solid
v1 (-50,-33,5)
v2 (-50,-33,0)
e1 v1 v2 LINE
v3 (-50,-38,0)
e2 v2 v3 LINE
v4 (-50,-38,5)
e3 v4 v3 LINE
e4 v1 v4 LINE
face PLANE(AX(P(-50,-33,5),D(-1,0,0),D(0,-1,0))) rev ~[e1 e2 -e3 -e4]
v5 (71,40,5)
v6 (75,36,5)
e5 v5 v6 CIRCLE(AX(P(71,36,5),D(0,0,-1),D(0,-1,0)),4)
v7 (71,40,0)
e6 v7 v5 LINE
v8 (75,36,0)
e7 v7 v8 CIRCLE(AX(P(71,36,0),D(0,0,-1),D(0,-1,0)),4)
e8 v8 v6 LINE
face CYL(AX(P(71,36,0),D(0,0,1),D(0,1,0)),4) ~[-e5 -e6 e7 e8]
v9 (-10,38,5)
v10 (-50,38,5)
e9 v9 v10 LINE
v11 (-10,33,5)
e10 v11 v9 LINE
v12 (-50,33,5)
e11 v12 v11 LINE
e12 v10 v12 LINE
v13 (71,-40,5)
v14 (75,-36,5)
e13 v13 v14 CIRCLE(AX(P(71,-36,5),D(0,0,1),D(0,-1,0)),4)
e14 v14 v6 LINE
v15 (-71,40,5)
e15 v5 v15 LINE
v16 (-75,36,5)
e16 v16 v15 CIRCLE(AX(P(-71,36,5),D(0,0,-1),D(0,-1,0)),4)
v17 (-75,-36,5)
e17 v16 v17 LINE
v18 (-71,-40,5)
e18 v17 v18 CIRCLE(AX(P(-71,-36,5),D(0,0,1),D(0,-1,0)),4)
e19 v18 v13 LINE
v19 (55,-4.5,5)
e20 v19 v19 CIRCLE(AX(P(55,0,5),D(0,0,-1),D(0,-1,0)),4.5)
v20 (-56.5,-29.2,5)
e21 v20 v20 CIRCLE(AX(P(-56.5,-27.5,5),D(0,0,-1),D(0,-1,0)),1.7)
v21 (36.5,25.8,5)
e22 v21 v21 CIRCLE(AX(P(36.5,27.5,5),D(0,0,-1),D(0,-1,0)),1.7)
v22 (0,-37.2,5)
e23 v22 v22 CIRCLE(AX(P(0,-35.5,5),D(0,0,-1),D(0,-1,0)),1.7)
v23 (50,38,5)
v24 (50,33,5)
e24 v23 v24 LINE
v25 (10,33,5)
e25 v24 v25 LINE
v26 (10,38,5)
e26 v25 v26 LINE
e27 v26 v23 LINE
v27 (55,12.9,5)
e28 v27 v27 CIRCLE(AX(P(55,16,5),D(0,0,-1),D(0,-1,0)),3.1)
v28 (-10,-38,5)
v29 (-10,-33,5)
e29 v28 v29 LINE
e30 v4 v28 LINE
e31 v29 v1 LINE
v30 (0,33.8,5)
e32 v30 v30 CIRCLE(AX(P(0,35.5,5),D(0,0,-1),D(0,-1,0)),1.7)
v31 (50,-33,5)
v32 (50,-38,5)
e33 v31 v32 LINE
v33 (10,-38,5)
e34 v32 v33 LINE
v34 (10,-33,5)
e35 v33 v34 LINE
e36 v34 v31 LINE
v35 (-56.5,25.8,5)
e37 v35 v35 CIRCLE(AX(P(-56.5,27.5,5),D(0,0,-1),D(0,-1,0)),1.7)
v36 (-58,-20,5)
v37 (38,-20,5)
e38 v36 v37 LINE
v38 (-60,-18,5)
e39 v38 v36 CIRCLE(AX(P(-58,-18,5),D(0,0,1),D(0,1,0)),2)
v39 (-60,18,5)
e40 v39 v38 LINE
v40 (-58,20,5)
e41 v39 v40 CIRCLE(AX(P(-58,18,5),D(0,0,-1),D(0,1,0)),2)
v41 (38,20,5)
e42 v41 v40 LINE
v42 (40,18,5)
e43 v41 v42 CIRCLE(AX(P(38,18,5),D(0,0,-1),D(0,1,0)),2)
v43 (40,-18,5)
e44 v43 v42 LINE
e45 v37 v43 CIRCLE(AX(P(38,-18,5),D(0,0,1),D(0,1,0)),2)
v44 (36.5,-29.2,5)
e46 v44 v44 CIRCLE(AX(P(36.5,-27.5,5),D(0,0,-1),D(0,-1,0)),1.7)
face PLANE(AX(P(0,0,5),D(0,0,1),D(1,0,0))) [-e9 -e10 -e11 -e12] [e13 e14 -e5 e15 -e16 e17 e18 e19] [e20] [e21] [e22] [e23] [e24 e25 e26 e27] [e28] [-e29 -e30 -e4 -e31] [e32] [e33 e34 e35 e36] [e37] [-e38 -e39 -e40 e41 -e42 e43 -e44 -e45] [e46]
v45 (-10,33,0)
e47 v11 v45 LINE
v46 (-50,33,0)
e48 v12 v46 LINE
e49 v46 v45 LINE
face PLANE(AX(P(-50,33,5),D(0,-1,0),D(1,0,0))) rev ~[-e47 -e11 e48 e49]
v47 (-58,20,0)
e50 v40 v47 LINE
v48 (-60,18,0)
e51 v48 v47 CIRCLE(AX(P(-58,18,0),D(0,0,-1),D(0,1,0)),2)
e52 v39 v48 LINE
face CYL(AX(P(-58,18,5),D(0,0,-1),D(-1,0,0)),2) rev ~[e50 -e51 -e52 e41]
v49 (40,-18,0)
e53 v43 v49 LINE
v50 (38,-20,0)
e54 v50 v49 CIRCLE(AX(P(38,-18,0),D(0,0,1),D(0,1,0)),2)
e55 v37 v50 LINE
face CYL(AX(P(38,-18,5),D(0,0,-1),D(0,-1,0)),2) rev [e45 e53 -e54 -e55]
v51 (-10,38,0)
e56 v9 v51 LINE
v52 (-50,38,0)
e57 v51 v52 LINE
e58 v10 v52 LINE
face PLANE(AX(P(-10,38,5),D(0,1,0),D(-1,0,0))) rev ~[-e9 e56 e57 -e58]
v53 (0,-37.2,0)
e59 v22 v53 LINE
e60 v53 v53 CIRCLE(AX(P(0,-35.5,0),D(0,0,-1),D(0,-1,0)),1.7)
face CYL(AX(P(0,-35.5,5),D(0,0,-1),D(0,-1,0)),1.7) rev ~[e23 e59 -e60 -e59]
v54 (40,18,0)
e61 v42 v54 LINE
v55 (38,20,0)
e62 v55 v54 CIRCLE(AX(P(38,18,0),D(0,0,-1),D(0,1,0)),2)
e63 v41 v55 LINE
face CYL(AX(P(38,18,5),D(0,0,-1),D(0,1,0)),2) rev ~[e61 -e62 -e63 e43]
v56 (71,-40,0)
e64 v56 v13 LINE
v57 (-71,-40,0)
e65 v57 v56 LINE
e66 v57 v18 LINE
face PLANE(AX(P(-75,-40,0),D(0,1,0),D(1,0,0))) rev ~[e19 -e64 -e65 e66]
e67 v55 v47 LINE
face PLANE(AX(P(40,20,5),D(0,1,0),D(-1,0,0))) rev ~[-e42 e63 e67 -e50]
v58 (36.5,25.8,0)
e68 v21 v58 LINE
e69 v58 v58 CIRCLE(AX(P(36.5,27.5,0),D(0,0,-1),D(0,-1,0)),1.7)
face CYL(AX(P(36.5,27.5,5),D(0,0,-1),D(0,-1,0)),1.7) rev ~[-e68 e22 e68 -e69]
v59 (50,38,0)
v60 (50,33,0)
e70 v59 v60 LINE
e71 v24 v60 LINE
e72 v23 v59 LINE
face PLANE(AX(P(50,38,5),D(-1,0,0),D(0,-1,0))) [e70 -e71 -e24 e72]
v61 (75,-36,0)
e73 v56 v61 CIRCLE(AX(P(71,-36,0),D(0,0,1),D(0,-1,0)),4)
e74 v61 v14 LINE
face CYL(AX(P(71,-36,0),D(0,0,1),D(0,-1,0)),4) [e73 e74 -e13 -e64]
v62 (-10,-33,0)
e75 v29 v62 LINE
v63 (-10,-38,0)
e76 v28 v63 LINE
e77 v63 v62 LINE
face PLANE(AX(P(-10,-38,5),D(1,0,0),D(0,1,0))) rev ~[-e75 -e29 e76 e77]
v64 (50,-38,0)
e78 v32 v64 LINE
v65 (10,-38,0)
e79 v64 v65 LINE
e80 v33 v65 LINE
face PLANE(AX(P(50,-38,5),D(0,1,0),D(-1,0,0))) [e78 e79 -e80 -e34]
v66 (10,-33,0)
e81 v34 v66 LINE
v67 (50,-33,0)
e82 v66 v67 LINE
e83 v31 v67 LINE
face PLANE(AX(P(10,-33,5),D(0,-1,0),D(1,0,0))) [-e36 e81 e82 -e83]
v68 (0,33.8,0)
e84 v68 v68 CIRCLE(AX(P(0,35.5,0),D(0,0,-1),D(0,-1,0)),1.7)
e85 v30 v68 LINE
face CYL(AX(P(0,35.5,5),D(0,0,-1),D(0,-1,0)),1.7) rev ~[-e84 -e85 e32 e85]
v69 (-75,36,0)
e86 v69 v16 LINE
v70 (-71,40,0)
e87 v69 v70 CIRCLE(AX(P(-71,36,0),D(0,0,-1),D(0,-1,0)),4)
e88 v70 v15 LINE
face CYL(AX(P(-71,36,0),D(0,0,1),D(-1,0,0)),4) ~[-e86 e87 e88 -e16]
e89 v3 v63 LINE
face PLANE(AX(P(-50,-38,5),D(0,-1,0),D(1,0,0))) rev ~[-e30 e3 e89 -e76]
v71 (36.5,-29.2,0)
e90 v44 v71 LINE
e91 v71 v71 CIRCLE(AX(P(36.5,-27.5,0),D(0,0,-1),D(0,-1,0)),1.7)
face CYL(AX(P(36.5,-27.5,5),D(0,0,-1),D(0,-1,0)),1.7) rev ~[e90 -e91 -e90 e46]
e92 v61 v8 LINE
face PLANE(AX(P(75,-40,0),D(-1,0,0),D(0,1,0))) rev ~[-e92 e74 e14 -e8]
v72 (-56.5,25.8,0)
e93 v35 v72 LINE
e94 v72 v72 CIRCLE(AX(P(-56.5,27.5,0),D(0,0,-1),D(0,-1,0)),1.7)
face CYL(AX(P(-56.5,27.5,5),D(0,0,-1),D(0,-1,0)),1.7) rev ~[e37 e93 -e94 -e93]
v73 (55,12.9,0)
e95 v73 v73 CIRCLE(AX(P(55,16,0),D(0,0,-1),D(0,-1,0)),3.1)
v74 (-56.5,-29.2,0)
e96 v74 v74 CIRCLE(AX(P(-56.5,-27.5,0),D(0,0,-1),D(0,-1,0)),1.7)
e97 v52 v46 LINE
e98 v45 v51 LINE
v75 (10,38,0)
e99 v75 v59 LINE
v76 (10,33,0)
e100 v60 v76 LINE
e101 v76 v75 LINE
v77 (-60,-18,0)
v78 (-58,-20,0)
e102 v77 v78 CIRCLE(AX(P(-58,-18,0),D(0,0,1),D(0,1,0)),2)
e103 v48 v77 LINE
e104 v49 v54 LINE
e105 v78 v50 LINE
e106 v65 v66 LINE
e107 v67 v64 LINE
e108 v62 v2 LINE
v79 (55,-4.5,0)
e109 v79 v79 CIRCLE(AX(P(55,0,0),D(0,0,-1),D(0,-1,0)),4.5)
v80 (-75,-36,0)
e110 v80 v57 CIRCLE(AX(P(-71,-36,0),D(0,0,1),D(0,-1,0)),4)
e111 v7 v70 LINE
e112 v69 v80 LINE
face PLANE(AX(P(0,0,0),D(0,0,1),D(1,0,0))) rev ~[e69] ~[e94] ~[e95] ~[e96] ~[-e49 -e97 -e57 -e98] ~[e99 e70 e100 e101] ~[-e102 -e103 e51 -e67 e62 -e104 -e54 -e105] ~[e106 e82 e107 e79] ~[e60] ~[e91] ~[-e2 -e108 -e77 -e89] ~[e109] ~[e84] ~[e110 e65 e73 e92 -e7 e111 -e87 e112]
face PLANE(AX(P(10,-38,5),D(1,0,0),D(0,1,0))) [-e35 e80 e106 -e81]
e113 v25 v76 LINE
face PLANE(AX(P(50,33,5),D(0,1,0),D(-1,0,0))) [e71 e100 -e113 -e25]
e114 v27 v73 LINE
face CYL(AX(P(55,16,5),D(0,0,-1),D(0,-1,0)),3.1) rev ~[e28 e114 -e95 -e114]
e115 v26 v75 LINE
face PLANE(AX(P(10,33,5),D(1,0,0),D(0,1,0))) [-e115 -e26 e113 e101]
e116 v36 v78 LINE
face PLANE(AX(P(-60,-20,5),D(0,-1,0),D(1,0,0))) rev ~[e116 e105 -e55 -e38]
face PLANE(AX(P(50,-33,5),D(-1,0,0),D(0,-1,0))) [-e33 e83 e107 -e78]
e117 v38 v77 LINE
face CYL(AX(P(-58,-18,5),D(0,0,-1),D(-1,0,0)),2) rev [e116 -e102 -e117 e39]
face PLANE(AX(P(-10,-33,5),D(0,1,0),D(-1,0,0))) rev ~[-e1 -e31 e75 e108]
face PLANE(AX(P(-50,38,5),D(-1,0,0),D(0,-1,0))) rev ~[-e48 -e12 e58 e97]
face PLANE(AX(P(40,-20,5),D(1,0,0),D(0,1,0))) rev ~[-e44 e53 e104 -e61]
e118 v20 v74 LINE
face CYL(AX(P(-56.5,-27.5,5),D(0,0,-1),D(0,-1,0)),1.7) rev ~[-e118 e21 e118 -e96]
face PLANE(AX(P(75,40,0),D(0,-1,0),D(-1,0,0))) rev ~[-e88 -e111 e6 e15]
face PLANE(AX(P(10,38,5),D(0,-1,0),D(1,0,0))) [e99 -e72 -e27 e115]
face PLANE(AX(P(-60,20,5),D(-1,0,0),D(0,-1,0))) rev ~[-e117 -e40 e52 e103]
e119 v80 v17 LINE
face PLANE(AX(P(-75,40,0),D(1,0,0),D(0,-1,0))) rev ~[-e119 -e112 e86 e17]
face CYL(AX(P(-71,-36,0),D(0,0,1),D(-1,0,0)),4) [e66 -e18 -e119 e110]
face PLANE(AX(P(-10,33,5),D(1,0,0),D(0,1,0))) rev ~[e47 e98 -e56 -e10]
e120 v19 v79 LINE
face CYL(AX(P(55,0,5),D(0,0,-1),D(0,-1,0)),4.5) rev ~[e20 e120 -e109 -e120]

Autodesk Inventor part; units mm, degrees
ref_plane "YZ Plane" through (0, 0, 0) normal (1, 0, 0) x (0, 1, 0)
ref_plane "XZ Plane" through (0, 0, 0) normal (0, 1, 0) x (-1, 0, 0)
ref_plane "XY Plane" through (0, 0, 0) normal (0, 0, 1) x (1, 0, 0)
sketch "Sketch1" plane through (0, 0, 0) normal (0, 0, 1) x (1, 0, 0)
  line L0 (-75, -40) -> (75, -40)
  line L1 (75, -40) -> (75, 40)
  line L2 (75, 40) -> (-75, 40)
  line L3 (-75, 40) -> (-75, -40)
  line L4 (-75, -40) -> (75, 40) construction
  line L5 (75, -40) -> (-75, 40) construction
  point P0 (0, 0)
  dimension "d0" = 150
  dimension "d1" = 80
extrude "Extrusion1" add sketch "Sketch1" along normal blind 5
sketch "Sketch4" plane through (0, 0, 5) normal (0, 0, 1) x (1, 0, 0)
  line L0 (-60, -20) -> (40, -20)
  line L1 (40, -20) -> (40, 20)
  line L2 (40, 20) -> (-60, 20)
  line L3 (-60, 20) -> (-60, -20)
  line L4 (-60, -20) -> (40, 20) construction
  line L5 (40, -20) -> (-60, 20) construction
  point P0 (0, 0)
  point P1 (-10, 0)
  point P2 (-10, 0)
  dimension "d8" = 100
  dimension "d9" = 40
  dimension "d10" = 10
extrude "Extrusion3" cut sketch "Sketch4" against normal through all
sketch "Sketch5" plane through (0, 0, 5) normal (0, 0, 1) x (1, 0, 0)
  line L0 (40, 20) -> (40, -20) projected
  point P0 (0, 0)
  point P1 (55, 0)
  dimension "d13" = 15
hole "Hole1" at (55, 0, 5) direction (0, 0, -1) diameter 9 depth 8 tip angle 118 clearance for "Countersunk Flat Head Screw ISO 2009/7046" size "M8" standard "ISO"
sketch "Sketch6" plane through (0, 0, 5) normal (0, 0, 1) x (1, 0, 0)
  line L0 (-56.5, -27.5) -> (36.5, -27.5) construction
  line L1 (36.5, -27.5) -> (36.5, 27.5) construction
  line L2 (36.5, 27.5) -> (-56.5, 27.5) construction
  line L3 (-56.5, 27.5) -> (-56.5, -27.5) construction
  line L4 (-56.5, -27.5) -> (36.5, 27.5) construction
  line L5 (36.5, -27.5) -> (-56.5, 27.5) construction
  point P0 (0, 0)
  point P1 (-10, 0)
  point P2 (-10, 0)
  dimension "d21" = 93
  dimension "d22" = 55
  dimension "d23" = 10
hole "Hole2" at (-56.5, 27.5, 5) at (36.5, 27.5, 5) at (36.5, -27.5, 5) at (-56.5, -27.5, 5) direction (0, 0, -1) diameter 3.4 depth 8 tip angle 118 clearance for "Countersunk Flat Head Screw ISO 2009/7046" size "M3" standard "ISO"
fillet "Fillet1" radius 2 4 edges at (-60, 20, 2.5) (-60, -20, 2.5) (40, -20, 2.5) (40, 20, 2.5)
fillet "Fillet2" radius 4 4 edges at (75, 40, 2.5) (-75, 40, 2.5) (75, -40, 2.5) (-75, -40, 2.5)
sketch "Sketch7" plane through (0, 0, 5) normal (0, 0, 1) x (1, 0, 0)
  line L0 (-50, 33) -> (50, 33) construction
  line L1 (50, 33) -> (50, 38) construction
  line L2 (50, 38) -> (-50, 38) construction
  line L3 (-50, 38) -> (-50, 33) construction
  line L4 (50, -38) -> (-50, -38) construction
  line L5 (-50, -38) -> (-50, -33) construction
  line L6 (-50, -33) -> (50, -33) construction
  line L7 (50, -33) -> (50, -38) construction
  line L8 (71, 40) -> (-71, 40) projected
  line L9 (-71, -40) -> (71, -40) projected
  line L10 (-50, 33) -> (-10, 33)
  line L11 (-10, 33) -> (-10, 38)
  line L12 (-10, 38) -> (-50, 38)
  line L13 (-50, 38) -> (-50, 33)
  line L14 (50, 33) -> (10, 33)
  line L15 (10, 33) -> (10, 38)
  line L16 (10, 38) -> (50, 38)
  line L17 (50, 38) -> (50, 33)
  line L18 (50, -38) -> (10, -38)
  line L19 (10, -38) -> (10, -33)
  line L20 (10, -33) -> (50, -33)
  line L21 (50, -33) -> (50, -38)
  line L22 (-50, -38) -> (-10, -38)
  line L23 (-10, -38) -> (-10, -33)
  line L24 (-10, -33) -> (-50, -33)
  line L25 (-50, -33) -> (-50, -38)
  point P0 (0, 0)
  point P1 (0, 38)
  dimension "d33" = 5
  dimension "d34" = 5
  dimension "d35" = 100
  dimension "d36" = 2
  dimension "d37" = 2
  dimension "d38" = 20
  dimension "d39" = 20
  dimension "d40" = 10
  dimension "d41" = 10
extrude "Extrusion4" cut sketch "Sketch7" against normal blind 5
sketch "Sketch8" plane through (0, 0, 5) normal (0, 0, 1) x (1, 0, 0)
  line L0 (-50, -33) -> (-10, -33) projected
  line L1 (-10, 33) -> (-50, 33) projected
  point P0 (0, 0)
  point P1 (0, 35.5)
  point P2 (0, -35.5)
  dimension "d44" = 2.5
  dimension "d45" = 2.5
hole "Hole3" at (0, 35.5, 5) at (0, -35.5, 5) direction (0, 0, -1) diameter 3.4 depth 8 tip angle 118 clearance for "Countersunk Flat Head Screw ISO 2009/7046" size "M3" standard "ISO"
sketch "Sketch11" plane through (0, 0, 5) normal (0, 0, 1) x (1, 0, 0)
  circle A0 centre (55, 0) radius 4.5 projected
  point P0 (0, 0)
  point P1 (55, 16)
  dimension "d53" = 16
hole "Hole4" at (55, 16, 5) direction (0, 0, -1) diameter 6.2 depth 8 tip angle 118
equation "\"d40\" = 0.5 * d38"
equation "\"d41\" = 0.5 * d39"
properties part number "Interrupter_Top" material "Polycarbonate, Clear"
